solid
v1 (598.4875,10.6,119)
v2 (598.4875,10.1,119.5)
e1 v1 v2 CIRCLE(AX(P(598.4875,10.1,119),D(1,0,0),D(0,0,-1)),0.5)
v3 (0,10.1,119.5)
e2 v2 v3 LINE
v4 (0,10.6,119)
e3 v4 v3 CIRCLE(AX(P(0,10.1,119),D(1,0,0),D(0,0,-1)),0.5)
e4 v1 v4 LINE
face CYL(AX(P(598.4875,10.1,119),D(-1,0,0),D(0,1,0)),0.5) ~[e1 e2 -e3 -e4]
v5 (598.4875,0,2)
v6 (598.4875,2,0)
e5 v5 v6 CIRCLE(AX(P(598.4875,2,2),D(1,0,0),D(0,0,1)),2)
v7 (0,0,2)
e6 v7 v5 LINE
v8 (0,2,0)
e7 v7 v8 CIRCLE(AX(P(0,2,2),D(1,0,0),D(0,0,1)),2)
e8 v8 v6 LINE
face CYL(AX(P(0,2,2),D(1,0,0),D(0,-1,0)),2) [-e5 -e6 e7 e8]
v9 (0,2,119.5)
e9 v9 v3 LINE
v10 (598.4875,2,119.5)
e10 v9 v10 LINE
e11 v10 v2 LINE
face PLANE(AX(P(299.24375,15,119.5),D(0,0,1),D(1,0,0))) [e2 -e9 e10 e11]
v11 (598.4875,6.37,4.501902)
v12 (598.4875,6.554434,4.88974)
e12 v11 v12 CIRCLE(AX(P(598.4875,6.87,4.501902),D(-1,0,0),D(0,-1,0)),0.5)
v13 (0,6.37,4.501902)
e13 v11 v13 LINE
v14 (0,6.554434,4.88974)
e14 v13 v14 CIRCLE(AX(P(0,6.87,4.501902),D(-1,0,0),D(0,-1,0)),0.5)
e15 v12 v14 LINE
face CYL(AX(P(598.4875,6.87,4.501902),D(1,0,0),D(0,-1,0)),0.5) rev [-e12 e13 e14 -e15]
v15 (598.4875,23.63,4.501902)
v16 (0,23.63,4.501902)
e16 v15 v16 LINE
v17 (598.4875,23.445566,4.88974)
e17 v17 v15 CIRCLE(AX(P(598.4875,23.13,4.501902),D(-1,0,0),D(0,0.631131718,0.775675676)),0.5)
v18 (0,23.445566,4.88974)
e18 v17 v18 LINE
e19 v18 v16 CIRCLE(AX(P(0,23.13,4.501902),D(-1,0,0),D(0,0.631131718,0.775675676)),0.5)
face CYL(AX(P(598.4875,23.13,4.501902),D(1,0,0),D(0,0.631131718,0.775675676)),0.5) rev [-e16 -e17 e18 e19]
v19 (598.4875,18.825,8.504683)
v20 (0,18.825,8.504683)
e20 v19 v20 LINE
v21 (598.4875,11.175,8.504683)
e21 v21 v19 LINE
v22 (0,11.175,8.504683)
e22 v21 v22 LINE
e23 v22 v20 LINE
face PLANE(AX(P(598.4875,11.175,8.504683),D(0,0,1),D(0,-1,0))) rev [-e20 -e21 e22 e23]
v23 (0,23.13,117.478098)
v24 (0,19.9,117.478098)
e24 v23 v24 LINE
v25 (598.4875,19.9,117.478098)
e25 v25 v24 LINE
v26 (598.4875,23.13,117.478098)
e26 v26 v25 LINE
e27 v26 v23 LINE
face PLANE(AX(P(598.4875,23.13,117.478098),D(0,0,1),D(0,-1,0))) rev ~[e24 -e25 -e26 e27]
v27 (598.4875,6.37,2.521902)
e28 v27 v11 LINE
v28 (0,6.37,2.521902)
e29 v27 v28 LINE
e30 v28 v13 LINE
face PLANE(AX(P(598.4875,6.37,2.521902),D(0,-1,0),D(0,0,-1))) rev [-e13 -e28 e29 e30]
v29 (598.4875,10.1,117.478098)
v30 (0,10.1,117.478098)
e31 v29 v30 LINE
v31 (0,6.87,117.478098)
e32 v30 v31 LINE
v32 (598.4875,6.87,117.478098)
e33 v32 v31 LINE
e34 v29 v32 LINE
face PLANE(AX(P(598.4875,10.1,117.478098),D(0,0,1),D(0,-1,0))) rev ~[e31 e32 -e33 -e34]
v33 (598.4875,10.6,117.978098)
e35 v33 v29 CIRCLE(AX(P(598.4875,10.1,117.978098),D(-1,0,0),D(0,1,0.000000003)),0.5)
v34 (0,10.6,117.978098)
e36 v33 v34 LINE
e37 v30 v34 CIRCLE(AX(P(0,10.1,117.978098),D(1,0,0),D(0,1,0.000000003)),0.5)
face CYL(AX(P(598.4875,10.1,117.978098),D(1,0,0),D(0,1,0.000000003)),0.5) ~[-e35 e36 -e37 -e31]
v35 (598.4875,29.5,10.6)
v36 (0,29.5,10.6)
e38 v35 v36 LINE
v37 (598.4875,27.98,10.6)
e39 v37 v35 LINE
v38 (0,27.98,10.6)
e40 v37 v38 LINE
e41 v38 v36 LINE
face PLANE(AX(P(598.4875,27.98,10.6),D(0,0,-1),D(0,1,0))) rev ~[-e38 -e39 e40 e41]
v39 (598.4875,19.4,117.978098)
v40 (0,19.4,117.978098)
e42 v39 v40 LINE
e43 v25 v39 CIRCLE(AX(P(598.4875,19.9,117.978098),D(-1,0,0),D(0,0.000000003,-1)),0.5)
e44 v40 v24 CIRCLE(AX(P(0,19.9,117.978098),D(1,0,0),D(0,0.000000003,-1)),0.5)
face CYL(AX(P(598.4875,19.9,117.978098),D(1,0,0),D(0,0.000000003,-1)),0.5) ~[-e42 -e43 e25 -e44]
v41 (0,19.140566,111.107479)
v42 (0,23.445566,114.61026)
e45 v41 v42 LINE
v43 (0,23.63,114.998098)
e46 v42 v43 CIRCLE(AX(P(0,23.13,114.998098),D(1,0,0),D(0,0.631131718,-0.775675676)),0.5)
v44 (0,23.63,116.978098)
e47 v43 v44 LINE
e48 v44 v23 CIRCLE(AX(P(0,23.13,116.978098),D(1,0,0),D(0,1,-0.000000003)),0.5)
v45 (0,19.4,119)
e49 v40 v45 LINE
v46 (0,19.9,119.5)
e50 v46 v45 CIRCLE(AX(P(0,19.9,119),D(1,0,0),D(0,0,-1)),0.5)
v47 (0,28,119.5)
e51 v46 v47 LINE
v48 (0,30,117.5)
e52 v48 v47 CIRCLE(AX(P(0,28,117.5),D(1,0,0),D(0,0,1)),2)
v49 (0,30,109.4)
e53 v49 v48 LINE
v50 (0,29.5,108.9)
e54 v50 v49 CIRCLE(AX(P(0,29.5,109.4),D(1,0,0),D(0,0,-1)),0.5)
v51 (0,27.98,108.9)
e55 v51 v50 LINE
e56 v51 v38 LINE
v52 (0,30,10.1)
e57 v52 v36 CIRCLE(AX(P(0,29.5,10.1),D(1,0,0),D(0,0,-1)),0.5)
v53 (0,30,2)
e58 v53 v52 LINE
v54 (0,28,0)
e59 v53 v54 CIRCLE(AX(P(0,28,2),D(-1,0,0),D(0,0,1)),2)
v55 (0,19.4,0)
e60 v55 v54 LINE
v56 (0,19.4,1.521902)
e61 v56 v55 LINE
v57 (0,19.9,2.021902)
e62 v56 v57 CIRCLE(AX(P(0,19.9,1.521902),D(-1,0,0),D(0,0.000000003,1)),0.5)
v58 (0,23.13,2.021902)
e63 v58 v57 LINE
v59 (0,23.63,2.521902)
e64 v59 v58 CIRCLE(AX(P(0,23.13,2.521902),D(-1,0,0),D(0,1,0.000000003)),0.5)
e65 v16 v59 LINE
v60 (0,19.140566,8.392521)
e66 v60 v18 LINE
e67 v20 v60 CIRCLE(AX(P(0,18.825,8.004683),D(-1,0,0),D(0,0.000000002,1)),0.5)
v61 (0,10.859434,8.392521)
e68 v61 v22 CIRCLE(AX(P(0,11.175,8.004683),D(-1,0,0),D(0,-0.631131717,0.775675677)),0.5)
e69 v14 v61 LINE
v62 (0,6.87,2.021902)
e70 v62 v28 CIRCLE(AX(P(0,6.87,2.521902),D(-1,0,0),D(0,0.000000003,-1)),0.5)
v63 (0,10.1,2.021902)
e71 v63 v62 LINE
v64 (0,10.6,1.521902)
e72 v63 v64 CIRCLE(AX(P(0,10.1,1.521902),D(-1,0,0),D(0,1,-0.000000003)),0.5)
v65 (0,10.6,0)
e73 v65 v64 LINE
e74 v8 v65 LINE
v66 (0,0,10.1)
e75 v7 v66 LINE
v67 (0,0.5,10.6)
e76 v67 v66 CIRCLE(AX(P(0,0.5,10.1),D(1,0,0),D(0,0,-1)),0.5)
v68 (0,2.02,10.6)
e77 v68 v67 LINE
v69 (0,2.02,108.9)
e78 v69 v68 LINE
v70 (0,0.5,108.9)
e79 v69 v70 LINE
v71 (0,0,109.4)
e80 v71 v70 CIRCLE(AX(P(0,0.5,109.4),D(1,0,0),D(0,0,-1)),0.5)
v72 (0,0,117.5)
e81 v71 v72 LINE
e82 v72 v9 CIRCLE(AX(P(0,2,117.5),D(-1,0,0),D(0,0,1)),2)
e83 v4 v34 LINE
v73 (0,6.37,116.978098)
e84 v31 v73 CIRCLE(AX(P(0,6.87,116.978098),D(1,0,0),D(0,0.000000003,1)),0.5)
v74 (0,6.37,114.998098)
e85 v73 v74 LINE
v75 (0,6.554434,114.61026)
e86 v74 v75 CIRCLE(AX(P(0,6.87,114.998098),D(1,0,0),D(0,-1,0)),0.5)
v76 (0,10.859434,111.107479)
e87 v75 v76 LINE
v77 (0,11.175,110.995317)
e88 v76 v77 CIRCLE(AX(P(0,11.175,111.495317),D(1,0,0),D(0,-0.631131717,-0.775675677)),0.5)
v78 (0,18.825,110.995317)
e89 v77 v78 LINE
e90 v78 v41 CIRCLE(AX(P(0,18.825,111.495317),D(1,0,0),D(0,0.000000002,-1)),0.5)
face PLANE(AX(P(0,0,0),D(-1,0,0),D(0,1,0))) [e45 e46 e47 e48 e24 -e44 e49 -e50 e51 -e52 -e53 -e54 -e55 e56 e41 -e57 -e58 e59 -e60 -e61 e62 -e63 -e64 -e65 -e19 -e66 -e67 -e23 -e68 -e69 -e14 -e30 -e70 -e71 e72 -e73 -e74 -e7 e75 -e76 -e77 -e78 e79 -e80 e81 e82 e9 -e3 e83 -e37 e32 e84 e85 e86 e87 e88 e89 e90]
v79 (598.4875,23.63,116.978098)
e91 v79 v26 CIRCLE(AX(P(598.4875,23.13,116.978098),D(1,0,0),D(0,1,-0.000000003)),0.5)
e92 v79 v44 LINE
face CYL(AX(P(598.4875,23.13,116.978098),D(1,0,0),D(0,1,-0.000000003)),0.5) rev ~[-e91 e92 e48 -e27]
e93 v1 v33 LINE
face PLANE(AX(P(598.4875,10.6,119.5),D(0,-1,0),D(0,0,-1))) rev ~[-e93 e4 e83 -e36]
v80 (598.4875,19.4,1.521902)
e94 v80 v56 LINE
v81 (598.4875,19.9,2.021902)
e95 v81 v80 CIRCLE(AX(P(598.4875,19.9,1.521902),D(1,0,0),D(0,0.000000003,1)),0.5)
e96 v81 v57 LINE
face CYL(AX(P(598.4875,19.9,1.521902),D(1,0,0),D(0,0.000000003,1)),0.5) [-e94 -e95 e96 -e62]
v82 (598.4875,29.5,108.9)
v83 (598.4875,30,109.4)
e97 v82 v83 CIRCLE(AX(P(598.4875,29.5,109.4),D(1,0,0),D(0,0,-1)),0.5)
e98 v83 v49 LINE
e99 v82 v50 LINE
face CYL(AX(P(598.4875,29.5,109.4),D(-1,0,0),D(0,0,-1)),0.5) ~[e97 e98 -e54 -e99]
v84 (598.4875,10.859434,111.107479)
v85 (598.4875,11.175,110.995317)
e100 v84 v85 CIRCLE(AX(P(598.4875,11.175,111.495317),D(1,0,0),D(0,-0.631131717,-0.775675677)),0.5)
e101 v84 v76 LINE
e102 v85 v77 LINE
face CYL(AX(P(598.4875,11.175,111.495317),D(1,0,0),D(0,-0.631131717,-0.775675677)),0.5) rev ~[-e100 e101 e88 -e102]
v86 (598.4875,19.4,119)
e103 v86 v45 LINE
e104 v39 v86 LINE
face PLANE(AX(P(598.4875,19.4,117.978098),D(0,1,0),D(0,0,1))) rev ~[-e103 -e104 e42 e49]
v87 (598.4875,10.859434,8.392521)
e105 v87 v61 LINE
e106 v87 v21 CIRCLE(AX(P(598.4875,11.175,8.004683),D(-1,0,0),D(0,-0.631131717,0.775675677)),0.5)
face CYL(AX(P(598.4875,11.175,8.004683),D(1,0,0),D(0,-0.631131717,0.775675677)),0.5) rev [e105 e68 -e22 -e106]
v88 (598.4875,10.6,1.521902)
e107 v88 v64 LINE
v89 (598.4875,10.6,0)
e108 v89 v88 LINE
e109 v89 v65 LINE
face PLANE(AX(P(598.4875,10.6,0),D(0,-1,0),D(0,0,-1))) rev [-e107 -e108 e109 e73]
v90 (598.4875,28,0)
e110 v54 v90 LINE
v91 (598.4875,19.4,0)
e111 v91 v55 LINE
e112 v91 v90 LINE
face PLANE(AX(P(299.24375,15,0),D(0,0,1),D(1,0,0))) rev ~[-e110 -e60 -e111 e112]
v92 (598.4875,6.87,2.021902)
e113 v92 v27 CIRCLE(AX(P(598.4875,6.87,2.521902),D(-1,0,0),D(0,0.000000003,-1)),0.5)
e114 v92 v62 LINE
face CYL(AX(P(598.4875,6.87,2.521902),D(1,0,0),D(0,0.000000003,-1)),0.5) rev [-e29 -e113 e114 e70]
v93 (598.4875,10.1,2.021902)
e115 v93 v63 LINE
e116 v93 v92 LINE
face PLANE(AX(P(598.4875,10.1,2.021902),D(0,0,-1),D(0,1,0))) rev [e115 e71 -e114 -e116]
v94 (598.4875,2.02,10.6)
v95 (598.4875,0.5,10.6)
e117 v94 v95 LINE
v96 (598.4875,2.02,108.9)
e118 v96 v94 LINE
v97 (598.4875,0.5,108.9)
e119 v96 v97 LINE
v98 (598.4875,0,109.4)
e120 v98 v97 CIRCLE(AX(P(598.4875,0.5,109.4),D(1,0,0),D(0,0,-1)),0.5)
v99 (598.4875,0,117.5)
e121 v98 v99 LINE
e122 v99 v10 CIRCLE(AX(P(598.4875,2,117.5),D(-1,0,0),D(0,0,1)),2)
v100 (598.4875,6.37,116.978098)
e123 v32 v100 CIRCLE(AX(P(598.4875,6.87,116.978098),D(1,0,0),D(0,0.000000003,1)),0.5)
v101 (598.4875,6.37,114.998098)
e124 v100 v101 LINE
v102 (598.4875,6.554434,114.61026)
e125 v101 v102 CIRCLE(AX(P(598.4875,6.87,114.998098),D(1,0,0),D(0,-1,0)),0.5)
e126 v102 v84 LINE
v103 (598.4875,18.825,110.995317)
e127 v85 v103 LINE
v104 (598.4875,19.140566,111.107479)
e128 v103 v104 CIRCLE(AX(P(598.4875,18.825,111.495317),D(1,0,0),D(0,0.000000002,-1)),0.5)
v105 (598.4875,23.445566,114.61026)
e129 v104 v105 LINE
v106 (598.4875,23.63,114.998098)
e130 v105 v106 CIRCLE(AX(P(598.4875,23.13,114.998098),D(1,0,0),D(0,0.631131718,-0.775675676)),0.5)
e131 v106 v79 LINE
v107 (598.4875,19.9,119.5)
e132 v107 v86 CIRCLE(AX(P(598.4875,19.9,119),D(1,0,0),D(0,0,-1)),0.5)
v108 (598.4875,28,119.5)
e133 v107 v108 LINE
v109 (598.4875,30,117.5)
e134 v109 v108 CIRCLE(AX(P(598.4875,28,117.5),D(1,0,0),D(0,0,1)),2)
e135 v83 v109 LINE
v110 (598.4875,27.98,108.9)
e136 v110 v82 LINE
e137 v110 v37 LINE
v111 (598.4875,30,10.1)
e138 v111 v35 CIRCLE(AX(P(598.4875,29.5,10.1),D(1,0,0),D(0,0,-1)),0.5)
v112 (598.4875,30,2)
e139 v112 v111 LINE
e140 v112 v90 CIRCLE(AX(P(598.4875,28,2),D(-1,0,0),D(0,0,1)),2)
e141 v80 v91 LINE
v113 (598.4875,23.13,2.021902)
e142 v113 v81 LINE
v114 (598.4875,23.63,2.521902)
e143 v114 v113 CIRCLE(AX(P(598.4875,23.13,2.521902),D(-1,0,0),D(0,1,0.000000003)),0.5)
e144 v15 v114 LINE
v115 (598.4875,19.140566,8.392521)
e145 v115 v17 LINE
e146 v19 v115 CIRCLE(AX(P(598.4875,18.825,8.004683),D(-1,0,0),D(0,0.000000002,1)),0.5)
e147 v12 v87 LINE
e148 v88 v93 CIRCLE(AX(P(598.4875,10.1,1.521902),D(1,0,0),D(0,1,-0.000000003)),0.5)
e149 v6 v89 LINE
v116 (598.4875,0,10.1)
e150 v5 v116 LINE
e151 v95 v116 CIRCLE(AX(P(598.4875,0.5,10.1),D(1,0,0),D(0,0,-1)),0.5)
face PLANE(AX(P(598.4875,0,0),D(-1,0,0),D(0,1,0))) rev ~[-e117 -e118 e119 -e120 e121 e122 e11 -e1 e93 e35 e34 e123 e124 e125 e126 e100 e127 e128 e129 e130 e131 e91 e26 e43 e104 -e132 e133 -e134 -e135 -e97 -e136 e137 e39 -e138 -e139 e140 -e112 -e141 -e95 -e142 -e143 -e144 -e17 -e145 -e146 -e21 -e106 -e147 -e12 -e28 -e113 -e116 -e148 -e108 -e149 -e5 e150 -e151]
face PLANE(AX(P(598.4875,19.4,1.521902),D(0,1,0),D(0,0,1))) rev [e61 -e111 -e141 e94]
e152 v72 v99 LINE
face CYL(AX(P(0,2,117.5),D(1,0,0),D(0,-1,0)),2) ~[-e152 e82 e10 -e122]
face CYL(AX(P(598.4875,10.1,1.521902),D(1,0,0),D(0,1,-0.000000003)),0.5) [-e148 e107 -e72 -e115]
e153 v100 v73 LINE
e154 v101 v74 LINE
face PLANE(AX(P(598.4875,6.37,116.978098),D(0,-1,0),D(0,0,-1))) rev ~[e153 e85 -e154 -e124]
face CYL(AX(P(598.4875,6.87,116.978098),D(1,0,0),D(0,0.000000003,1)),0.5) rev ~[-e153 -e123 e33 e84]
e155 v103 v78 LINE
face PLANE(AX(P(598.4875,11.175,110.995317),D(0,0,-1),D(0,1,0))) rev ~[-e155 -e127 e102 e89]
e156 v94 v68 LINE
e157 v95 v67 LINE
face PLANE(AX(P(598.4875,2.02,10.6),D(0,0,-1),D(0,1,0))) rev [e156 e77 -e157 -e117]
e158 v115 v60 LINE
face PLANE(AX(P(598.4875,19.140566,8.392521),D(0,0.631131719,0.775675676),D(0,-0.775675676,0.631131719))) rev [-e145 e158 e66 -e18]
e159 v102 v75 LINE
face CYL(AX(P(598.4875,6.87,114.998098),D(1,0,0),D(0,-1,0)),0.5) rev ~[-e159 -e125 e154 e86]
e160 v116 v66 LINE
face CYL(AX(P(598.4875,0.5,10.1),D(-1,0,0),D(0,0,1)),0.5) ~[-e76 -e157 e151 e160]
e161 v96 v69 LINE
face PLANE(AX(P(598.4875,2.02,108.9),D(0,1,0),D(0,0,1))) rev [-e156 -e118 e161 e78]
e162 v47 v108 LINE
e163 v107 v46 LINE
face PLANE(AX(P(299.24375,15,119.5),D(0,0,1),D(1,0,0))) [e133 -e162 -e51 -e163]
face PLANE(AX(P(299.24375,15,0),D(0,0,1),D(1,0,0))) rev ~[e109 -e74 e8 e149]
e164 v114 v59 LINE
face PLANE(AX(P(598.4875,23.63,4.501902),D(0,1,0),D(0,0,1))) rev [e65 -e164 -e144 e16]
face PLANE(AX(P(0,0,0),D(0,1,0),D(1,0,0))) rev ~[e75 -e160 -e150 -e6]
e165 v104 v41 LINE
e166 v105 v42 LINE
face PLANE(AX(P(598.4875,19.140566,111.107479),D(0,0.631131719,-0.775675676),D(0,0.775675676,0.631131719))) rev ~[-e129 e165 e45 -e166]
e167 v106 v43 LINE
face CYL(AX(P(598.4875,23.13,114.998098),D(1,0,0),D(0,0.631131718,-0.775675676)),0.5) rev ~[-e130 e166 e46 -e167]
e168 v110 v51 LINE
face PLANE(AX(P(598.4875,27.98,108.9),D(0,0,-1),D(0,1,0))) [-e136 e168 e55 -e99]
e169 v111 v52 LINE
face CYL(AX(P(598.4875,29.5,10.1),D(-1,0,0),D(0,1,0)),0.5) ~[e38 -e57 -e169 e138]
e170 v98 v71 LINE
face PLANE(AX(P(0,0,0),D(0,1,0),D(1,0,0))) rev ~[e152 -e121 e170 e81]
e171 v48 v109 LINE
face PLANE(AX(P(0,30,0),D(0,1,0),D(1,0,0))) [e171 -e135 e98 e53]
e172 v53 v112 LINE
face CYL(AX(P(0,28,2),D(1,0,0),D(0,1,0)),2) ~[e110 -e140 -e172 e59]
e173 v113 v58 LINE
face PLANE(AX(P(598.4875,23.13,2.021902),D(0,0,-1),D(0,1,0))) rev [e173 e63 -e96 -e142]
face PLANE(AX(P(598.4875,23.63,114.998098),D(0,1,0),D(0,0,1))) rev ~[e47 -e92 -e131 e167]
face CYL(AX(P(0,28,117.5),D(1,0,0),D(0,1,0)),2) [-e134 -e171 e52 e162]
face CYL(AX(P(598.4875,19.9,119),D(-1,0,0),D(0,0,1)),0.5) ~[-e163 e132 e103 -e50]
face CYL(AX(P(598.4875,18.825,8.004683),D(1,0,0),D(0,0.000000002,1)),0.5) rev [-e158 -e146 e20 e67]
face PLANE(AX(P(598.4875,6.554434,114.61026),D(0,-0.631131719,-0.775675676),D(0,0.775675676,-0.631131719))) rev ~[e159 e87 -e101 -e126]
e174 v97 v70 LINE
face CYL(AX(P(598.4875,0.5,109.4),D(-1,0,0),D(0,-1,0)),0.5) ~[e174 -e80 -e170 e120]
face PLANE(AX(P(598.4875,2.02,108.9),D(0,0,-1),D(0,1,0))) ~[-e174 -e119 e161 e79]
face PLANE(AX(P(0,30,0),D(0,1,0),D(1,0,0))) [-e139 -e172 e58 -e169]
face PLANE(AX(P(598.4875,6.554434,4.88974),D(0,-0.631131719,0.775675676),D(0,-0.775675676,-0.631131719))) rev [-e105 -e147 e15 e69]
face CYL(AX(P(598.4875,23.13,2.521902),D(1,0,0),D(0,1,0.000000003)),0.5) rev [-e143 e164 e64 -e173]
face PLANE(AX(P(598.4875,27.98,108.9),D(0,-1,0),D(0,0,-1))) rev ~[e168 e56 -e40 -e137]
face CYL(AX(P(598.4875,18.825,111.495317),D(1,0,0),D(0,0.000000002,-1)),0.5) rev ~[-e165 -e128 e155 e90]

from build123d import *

# Parameters (mm, degrees)
SKETCH1_W           = 598.4875
SKETCH1_H           = 30
BOSS_EXTRUDE1_DEPTH = 119.5
FILLET1_R           = 2
CUT_EXTRUDE1_REACH  = 613.038
FILLET2_R           = 0.5
CUT_EXTRUDE2_REACH  = 613.038
SKETCH3_W           = 98.3
SKETCH3_H           = 2.02
FILLET3_R           = 0.5


with BuildPart() as part:
    # Sketch1 → Boss-Extrude1 (new body)
    with BuildSketch(Plane.XY):
        with Locations((299.24375, 15)):
            Rectangle(SKETCH1_W, SKETCH1_H)
    extrude(amount=BOSS_EXTRUDE1_DEPTH)

    # Fillet1
    fillet1_edges = [part.edges().sort_by_distance(p)[0] for p in [
        (299.24375, 0, 119.5),
        (299.24375, 0, 0),
        (299.24375, 30, 0),
        (299.24375, 30, 119.5),
    ]]
    fillet(fillet1_edges, radius=FILLET1_R)

    # Sketch2 → Cut-Extrude1 (cut, up to next)
    with BuildSketch(Plane(origin=(598.4875, 0, 0), x_dir=(0, 0, -1), z_dir=(1, 0, 0)), mode=Mode.PRIVATE) as cut_extrude1_sk1:
        with BuildLine():
            Line((-119.5, 19.4), (-119.5, 10.6))
            Line((-119.5, 10.6), (-117.978098197, 10.6))
            ThreePointArc((-117.978098197, 10.6), (-117.624544806, 10.453553391), (-117.478098197, 10.1))
            Line((-117.478098197, 10.1), (-117.478098197, 6.87))
            ThreePointArc((-117.478098197, 6.87), (-117.331651588, 6.516446609), (-116.978098197, 6.37))
            Line((-116.978098197, 6.37), (-114.998098197, 6.37))
            ThreePointArc((-114.998098197, 6.37), (-114.783369216, 6.418456575), (-114.610260359, 6.554434141))
            Line((-114.610260359, 6.554434141), (-111.107479321, 10.859434141))
            ThreePointArc((-111.107479321, 10.859434141), (-111.024191423, 11.0075469), (-110.995317159, 11.175))
            Line((-110.995317159, 11.175), (-110.995317159, 18.825))
            ThreePointArc((-110.995317159, 18.825), (-111.024191423, 18.9924531), (-111.107479321, 19.140565859))
            Line((-111.107479321, 19.140565859), (-114.610260359, 23.445565859))
            ThreePointArc((-114.610260359, 23.445565859), (-114.783369216, 23.581543425), (-114.998098197, 23.63))
            Line((-114.998098197, 23.63), (-116.978098197, 23.63))
            ThreePointArc((-116.978098197, 23.63), (-117.331651588, 23.483553391), (-117.478098197, 23.13))
            Line((-117.478098197, 23.13), (-117.478098197, 19.9))
            ThreePointArc((-117.478098197, 19.9), (-117.624544806, 19.546446609), (-117.978098197, 19.4))
            Line((-117.978098197, 19.4), (-119.5, 19.4))
        make_face()
    cut_extrude1_tool1 = extrude(cut_extrude1_sk1.sketch, amount=-CUT_EXTRUDE1_REACH, mode=Mode.PRIVATE) & part.part
    cut_extrude1 = cut_extrude1_tool1.solids().sort_by_distance((598.4875, 15, 115.219459))[0]
    add(cut_extrude1, mode=Mode.SUBTRACT)

    # Mirror1: Cut-Extrude1 across plane
    add(cut_extrude1.mirror(Plane(origin=(0, 0, 59.75), x_dir=(1, 0, 0), z_dir=(0, 0, -1))), mode=Mode.SUBTRACT)

    # Fillet2
    fillet2_edges = [part.edges().sort_by_distance(p)[0] for p in [
        (299.24375, 10.6, 119.5),
        (299.24375, 19.4, 119.5),
    ]]
    fillet(fillet2_edges, radius=FILLET2_R)

    # Sketch3 → Cut-Extrude2 (cut, up to next)
    with BuildSketch(Plane(origin=(598.4875, 0, 0), x_dir=(0, 0, -1), z_dir=(1, 0, 0)), mode=Mode.PRIVATE) as cut_extrude2_sk1:
        with Locations((-59.75, 28.99)):
            Rectangle(SKETCH3_W, SKETCH3_H)
    cut_extrude2_tool1 = extrude(cut_extrude2_sk1.sketch, amount=-CUT_EXTRUDE2_REACH, mode=Mode.PRIVATE) & part.part
    cut_extrude2 = cut_extrude2_tool1.solids().sort_by_distance((598.4875, 28.99, 59.75))[0]
    add(cut_extrude2, mode=Mode.SUBTRACT)

    # Mirror2: Cut-Extrude2 across plane
    add(cut_extrude2.mirror(Plane.ZX.offset(15)), mode=Mode.SUBTRACT)

    # Fillet3
    fillet3_edges = [part.edges().sort_by_distance(p)[0] for p in [
        (299.24375, 30, 108.9),
        (299.24375, 30, 10.6),
        (299.24375, 0, 108.9),
        (299.24375, 0, 10.6),
    ]]
    fillet(fillet3_edges, radius=FILLET3_R)


solid = part.part
